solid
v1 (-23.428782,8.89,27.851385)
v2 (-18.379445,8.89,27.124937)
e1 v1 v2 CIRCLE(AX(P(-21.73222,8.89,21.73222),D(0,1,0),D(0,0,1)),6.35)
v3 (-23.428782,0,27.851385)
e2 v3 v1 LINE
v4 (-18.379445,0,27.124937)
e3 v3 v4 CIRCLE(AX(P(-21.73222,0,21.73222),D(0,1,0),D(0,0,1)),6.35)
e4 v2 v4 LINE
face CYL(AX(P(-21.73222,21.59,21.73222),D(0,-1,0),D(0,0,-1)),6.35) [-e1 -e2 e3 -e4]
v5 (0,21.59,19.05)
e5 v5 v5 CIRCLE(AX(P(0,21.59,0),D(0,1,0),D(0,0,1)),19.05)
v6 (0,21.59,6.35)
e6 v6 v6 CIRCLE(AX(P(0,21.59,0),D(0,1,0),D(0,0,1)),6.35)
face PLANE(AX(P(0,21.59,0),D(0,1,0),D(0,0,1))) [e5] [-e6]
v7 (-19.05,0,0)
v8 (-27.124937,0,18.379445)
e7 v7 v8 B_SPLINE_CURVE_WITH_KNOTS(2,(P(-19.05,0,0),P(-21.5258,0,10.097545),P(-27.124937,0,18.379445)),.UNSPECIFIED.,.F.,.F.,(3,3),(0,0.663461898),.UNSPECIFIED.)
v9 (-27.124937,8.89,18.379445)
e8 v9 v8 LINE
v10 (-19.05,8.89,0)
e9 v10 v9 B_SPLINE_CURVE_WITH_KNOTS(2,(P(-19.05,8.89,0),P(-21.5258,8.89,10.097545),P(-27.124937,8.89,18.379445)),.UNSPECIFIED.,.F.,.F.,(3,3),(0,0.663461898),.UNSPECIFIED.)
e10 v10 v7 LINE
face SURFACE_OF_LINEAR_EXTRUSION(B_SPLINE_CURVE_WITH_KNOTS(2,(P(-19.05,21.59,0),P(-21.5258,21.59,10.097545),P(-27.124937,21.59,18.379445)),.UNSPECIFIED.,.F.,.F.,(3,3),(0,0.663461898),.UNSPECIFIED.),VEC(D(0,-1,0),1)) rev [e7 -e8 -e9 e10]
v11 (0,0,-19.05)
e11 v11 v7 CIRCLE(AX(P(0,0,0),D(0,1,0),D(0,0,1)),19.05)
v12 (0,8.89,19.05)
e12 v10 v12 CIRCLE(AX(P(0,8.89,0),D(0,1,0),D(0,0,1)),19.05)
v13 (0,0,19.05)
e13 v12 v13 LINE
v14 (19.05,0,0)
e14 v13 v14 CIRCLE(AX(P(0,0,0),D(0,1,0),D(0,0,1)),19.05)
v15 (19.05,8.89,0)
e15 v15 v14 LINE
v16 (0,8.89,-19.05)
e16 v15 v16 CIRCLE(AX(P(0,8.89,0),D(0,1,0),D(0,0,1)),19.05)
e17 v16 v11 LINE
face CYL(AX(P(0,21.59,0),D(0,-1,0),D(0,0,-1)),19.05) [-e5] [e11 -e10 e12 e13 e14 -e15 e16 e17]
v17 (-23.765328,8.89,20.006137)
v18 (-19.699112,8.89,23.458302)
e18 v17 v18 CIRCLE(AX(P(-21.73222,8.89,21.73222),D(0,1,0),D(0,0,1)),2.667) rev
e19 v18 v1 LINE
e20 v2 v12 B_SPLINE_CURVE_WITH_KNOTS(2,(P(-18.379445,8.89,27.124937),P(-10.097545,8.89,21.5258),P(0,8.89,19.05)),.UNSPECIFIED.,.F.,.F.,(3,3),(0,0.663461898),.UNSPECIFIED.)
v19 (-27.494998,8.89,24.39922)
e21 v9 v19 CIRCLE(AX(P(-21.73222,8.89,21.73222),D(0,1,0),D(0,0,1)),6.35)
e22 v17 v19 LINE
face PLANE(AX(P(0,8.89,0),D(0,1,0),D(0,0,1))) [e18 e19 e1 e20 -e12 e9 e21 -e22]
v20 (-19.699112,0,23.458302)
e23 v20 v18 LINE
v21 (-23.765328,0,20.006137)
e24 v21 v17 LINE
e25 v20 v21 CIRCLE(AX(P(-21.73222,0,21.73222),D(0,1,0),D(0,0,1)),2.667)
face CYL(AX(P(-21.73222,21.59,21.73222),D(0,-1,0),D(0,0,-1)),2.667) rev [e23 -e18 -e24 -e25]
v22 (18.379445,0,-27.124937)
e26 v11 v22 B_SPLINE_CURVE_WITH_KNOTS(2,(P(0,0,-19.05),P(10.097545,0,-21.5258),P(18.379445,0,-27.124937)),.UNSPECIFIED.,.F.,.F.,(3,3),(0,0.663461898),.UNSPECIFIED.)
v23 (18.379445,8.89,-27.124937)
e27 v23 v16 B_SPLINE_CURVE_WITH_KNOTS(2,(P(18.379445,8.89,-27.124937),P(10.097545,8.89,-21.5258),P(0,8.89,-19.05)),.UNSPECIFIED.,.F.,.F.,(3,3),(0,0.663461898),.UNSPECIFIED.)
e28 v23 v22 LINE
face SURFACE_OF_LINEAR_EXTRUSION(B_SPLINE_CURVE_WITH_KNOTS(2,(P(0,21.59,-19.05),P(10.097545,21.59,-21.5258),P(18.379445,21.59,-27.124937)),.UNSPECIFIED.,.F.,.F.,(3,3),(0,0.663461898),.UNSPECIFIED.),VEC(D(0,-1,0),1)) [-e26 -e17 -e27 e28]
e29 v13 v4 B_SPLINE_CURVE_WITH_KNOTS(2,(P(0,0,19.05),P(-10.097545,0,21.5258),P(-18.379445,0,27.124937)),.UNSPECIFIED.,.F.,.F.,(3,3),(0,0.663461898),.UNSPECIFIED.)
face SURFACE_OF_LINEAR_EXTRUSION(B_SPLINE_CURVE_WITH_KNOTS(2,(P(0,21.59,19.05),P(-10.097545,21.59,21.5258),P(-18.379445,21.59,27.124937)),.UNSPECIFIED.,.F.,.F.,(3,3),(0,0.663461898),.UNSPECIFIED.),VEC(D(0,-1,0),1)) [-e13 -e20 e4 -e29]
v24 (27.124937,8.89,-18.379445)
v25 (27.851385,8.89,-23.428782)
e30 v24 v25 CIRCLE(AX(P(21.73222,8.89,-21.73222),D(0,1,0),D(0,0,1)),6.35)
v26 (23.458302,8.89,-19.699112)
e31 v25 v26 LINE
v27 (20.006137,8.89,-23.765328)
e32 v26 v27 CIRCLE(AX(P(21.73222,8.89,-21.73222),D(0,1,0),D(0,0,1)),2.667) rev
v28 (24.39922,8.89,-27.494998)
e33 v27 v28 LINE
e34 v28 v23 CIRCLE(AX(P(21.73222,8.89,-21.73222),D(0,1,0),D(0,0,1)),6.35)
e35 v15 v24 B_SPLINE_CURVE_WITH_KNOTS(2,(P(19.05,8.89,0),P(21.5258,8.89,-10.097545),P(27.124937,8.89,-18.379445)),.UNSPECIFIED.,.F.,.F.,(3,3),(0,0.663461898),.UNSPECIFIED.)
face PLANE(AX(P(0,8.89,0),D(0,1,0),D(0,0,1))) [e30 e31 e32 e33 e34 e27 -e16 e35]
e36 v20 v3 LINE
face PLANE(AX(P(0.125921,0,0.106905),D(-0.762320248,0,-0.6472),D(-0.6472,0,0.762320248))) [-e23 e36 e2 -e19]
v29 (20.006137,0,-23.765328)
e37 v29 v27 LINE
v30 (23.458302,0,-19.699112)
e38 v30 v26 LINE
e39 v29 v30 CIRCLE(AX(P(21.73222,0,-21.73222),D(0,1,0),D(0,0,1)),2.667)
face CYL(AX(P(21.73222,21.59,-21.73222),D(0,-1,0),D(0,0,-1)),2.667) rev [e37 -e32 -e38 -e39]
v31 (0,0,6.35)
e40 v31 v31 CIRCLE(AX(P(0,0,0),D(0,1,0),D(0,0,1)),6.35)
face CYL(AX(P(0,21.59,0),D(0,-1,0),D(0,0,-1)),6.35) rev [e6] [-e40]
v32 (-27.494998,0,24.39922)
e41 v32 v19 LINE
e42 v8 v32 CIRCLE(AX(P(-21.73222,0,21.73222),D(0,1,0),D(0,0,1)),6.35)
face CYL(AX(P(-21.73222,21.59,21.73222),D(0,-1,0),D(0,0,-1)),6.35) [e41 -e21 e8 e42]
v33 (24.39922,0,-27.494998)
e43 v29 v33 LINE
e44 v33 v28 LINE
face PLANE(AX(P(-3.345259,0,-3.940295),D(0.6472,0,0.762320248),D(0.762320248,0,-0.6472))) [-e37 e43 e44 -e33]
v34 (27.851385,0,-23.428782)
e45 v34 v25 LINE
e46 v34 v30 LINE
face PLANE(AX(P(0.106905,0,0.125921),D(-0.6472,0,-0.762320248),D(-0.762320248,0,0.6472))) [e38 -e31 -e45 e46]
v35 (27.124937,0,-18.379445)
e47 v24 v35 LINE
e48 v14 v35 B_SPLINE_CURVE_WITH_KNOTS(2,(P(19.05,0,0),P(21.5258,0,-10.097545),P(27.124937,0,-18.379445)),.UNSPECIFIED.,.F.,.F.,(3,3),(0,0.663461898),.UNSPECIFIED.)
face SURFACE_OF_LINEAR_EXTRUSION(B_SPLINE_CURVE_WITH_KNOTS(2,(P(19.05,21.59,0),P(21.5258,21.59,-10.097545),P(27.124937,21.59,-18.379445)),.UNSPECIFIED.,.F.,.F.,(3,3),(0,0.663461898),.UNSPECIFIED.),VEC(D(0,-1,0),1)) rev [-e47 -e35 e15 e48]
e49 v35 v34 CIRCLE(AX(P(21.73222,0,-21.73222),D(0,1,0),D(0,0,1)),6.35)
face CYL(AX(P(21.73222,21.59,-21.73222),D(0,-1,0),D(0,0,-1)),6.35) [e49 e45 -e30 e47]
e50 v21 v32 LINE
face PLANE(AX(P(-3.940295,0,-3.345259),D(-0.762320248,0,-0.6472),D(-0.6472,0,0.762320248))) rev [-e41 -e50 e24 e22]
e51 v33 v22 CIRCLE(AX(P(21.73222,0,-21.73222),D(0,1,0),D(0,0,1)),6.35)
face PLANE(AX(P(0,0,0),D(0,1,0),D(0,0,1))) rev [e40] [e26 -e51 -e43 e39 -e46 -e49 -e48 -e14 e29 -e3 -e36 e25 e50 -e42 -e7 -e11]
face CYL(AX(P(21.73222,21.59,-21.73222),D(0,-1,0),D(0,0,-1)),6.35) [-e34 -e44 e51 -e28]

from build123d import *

# Parameters (mm, degrees)
SKETCH1_R           = 19.05
SKETCH1_R_2         = 6.35
SKETCH1_R_3         = 2.667
BOSS_EXTRUDE1_DEPTH = 21.59
CUT_EXTRUDE1_START  = -12.7
SKETCH2_R           = 2.667
CUT_EXTRUDE1_DEPTH  = 12.7
CUT_EXTRUDE2_DEPTH  = 42.695469184
CUT_EXTRUDE3_DEPTH  = 42.695469184


with BuildPart() as part:
    # Sketch1 → Boss-Extrude1 (new body)
    # profile 1 of 3: a face of its own
    with BuildSketch(Plane(origin=(0, 0, 0), x_dir=(1, 0, 0), z_dir=(0, 1, 0))):
        Circle(SKETCH1_R)
        with Locations(Location((0, 0, 0), (0, 0, 270))):
            Circle(SKETCH1_R_2, mode=Mode.SUBTRACT)
    # profile 2 of 3: a face of its own
    with BuildSketch(Plane(origin=(0, 0, 0), x_dir=(1, 0, 0), z_dir=(0, 1, 0))):
        with BuildLine():
            add(Edge.make_bspline(
                [(0, -19.05), (-10.097544885, -21.525800279), (-18.379445047, -27.124937251)],
                knots=[0, 0, 0, 0.663461898, 0.663461898, 0.663461898], degree=2))
            ThreePointArc((0, -19.05), (-13.470384182, -13.470384182), (-19.05, 0))
            add(Edge.make_bspline(
                [(-19.05, 0), (-21.525800279, -10.097544885), (-27.124937251, -18.379445047)],
                knots=[0, 0, 0, 0.663461898, 0.663461898, 0.663461898], degree=2))
            ThreePointArc((-27.124937251, -18.379445047), (-26.222347874, -26.222347874), (-18.379445047, -27.124937251))
        make_face()
        with Locations(Location((-21.732219813, -21.732219813, 0), (0, 0, 270))):
            Circle(SKETCH1_R_3, mode=Mode.SUBTRACT)
    # profile 3 of 3: a face of its own
    with BuildSketch(Plane(origin=(0, 0, 0), x_dir=(1, 0, 0), z_dir=(0, 1, 0))):
        with BuildLine():
            ThreePointArc((0, 19.05), (13.470384182, 13.470384182), (19.05, 0))
            add(Edge.make_bspline(
                [(19.05, 0), (21.525800279, 10.097544885), (27.124937251, 18.379445047)],
                knots=[0, 0, 0, 0.663461898, 0.663461898, 0.663461898], degree=2))
            ThreePointArc((27.124937251, 18.379445047), (26.222347874, 26.222347874), (18.379445047, 27.124937251))
            add(Edge.make_bspline(
                [(0, 19.05), (10.097544885, 21.525800279), (18.379445047, 27.124937251)],
                knots=[0, 0, 0, 0.663461898, 0.663461898, 0.663461898], degree=2))
        make_face()
        with Locations(Location((21.732219813, 21.732219813, 0), (0, 0, 270))):
            Circle(SKETCH1_R_3, mode=Mode.SUBTRACT)
    extrude(amount=BOSS_EXTRUDE1_DEPTH)

    # Sketch2 → Cut-Extrude1 (cut)
    # profile 1 of 2: a face of its own
    with BuildSketch(Plane(origin=(0, 21.59, 0), x_dir=(1, 0, 0), z_dir=(0, 1, 0)).offset(CUT_EXTRUDE1_START)):
        with BuildLine():
            add(Edge.make_bspline(
                [(-18.379445047, -27.124937251), (-10.097544885, -21.525800279), (0, -19.05)],
                knots=[0, 0, 0, 0.663461898, 0.663461898, 0.663461898], degree=2))
            ThreePointArc((0, -19.05), (-13.470384182, -13.470384182), (-19.05, 0))
            add(Edge.make_bspline(
                [(-19.05, 0), (-21.525800279, -10.097544885), (-27.124937251, -18.379445047)],
                knots=[0, 0, 0, 0.663461898, 0.663461898, 0.663461898], degree=2))
            ThreePointArc((-27.124937251, -18.379445047), (-26.222347874, -26.222347874), (-18.379445047, -27.124937251))
        make_face()
        with Locations(Location((-21.732219813, -21.732219813, 0), (0, 0, 270))):
            Circle(SKETCH2_R, mode=Mode.SUBTRACT)
    # profile 2 of 2: a face of its own
    with BuildSketch(Plane(origin=(0, 21.59, 0), x_dir=(1, 0, 0), z_dir=(0, 1, 0)).offset(CUT_EXTRUDE1_START)):
        with BuildLine():
            ThreePointArc((0, 19.05), (13.470384182, 13.470384182), (19.05, 0))
            add(Edge.make_bspline(
                [(19.05, 0), (21.525800279, 10.097544885), (27.124937251, 18.379445047)],
                knots=[0, 0, 0, 0.663461898, 0.663461898, 0.663461898], degree=2))
            ThreePointArc((27.124937251, 18.379445047), (26.222347874, 26.222347874), (18.379445047, 27.124937251))
            add(Edge.make_bspline(
                [(18.379445047, 27.124937251), (10.097544885, 21.525800279), (0, 19.05)],
                knots=[0, 0, 0, 0.663461898, 0.663461898, 0.663461898], degree=2))
        make_face()
        with Locations(Location((21.732219813, 21.732219813, 0), (0, 0, 270))):
            Circle(SKETCH2_R, mode=Mode.SUBTRACT)
    extrude(amount=CUT_EXTRUDE1_DEPTH, mode=Mode.SUBTRACT)

    # Sketch3 → Cut-Extrude2 (cut, through all)
    with BuildSketch(Plane(origin=(0, 8.89, 0), x_dir=(1, 0, 0), z_dir=(0, 1, 0))):
        with BuildLine():
            Line((24.399219813, 27.494997876), (20.006137413, 23.765327914))
            ThreePointArc((20.006137413, 23.765327914), (22.852359813, 24.152586599), (24.399219813, 21.732219813))
            ThreePointArc((24.399219813, 21.732219813), (24.152586599, 20.612079813), (23.458302213, 19.699111712))
            Line((23.458302213, 19.699111712), (27.851384613, 23.428781675))
            ThreePointArc((27.851384613, 23.428781675), (26.572953386, 25.841939813), (24.399219813, 27.494997876))
        make_face()
    extrude(amount=-CUT_EXTRUDE2_DEPTH, mode=Mode.SUBTRACT)

    # Sketch4 → Cut-Extrude3 (cut, through all)
    with BuildSketch(Plane(origin=(0, 8.89, 0), x_dir=(1, 0, 0), z_dir=(0, 1, 0))):
        with BuildLine():
            ThreePointArc((-19.699111712, -23.458302213), (-23.458302213, -23.765327914), (-23.765327914, -20.006137413))
            Line((-23.765327914, -20.006137413), (-27.494997876, -24.399219813))
            ThreePointArc((-27.494997876, -24.399219813), (-25.841939813, -26.572953386), (-23.428781675, -27.851384613))
            Line((-23.428781675, -27.851384613), (-19.699111712, -23.458302213))
        make_face()
    extrude(amount=-CUT_EXTRUDE3_DEPTH, mode=Mode.SUBTRACT)


solid = part.part
